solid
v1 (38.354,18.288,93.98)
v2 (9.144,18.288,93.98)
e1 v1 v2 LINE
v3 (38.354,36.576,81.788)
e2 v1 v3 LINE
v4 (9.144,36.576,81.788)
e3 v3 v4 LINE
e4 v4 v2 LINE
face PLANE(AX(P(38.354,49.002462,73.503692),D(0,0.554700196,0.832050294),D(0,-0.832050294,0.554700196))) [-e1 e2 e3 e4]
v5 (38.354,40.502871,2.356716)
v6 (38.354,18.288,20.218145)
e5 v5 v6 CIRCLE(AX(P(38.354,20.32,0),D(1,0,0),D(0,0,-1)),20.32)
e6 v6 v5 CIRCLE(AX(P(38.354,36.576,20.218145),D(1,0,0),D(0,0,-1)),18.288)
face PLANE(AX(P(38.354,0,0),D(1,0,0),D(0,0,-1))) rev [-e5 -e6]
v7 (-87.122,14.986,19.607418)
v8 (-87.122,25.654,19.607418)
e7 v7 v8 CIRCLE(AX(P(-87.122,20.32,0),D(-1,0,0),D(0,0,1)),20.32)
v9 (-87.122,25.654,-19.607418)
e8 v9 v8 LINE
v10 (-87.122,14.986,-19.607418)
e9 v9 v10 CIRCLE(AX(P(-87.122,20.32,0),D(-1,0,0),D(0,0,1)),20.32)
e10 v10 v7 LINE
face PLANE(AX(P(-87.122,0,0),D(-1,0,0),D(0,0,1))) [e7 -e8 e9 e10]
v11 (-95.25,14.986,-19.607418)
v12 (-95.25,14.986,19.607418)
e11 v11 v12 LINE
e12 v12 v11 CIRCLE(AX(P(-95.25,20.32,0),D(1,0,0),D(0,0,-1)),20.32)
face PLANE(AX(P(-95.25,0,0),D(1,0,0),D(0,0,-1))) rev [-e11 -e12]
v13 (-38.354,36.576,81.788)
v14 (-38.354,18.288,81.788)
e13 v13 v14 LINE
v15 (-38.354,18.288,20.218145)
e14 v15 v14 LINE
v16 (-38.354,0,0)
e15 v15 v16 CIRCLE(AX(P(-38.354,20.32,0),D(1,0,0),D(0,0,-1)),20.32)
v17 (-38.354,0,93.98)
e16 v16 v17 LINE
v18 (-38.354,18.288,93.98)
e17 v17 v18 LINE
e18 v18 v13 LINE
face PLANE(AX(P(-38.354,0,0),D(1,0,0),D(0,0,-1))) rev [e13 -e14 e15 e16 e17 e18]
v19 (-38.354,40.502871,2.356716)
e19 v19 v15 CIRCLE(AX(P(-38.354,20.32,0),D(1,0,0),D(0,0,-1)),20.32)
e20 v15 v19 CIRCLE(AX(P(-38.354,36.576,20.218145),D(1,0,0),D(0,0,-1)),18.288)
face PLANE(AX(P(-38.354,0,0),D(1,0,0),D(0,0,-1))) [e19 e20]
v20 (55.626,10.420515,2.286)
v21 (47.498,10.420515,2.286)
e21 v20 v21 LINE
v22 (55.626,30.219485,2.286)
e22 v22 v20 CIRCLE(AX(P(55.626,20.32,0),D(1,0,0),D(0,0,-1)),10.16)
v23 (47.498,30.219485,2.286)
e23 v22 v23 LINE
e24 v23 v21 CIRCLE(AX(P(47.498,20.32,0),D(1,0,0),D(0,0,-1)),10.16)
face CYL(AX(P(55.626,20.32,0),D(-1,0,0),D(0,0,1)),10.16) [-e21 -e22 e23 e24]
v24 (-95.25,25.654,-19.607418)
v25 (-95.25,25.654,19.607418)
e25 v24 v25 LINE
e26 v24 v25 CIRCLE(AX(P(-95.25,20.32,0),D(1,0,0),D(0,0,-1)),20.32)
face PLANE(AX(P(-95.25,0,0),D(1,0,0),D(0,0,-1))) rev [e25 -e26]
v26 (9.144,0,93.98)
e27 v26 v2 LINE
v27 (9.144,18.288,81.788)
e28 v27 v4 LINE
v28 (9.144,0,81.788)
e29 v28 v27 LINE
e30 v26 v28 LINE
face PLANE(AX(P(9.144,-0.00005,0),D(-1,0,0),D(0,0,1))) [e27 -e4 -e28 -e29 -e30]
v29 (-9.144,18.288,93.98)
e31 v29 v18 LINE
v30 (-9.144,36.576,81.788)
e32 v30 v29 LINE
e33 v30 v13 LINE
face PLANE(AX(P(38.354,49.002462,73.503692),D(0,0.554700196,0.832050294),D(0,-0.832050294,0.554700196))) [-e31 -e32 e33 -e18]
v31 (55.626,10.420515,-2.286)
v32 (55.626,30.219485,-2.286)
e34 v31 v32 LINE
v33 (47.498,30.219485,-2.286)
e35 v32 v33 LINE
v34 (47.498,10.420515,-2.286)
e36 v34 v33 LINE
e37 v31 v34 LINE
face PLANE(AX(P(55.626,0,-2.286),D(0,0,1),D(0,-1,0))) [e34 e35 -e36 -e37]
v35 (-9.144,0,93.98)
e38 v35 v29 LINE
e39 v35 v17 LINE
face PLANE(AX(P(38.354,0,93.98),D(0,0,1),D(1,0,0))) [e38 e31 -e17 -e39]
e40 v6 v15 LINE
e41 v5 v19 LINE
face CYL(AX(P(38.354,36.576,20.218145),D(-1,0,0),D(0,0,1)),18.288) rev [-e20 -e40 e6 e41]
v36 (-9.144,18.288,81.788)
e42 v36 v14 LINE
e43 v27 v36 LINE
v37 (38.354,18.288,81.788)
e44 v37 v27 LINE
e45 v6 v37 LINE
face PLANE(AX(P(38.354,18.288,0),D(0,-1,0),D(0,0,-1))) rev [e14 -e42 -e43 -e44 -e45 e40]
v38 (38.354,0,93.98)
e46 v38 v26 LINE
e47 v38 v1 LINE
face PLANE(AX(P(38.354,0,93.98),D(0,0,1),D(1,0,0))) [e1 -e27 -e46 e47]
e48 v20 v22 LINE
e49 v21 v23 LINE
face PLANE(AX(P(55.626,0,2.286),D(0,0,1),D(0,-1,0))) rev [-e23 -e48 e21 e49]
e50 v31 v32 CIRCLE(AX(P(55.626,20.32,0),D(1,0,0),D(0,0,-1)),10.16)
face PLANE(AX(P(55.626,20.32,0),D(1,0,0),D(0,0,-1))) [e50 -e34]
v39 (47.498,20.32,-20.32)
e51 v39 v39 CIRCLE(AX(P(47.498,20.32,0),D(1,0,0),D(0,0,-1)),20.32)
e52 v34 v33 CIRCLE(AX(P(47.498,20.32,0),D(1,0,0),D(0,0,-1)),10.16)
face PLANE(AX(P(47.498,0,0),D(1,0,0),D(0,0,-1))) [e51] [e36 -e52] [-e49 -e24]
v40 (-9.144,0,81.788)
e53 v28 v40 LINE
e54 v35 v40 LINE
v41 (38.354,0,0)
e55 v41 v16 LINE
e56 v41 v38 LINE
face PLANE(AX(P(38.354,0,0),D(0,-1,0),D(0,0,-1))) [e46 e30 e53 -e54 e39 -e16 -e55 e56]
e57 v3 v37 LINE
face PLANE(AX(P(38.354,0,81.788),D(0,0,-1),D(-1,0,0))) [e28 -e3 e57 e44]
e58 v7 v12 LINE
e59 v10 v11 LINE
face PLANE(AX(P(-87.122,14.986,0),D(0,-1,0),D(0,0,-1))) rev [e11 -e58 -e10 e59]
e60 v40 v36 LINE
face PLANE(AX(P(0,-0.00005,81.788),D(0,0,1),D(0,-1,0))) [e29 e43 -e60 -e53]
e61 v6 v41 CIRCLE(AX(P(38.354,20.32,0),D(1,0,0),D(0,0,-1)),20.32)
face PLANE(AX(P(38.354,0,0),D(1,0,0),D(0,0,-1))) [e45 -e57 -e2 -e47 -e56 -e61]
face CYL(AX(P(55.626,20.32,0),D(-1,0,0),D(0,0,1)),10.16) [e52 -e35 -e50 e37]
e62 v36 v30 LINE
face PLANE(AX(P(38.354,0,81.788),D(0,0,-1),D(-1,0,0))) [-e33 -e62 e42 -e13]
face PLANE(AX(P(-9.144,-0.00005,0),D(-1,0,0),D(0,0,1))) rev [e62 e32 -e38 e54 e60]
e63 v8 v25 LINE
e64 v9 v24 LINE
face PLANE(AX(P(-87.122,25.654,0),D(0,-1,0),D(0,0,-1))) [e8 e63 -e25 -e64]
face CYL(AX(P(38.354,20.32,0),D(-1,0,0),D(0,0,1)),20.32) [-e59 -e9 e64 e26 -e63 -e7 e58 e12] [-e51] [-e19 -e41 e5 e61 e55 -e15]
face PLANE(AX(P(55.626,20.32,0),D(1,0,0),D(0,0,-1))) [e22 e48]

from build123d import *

# Parameters (mm, degrees)
SKETCH2_W               = 81.788
SKETCH2_H               = 18.288
BOSS_EXTRUDE1_DEPTH     = 38.354
SKETCH3_R               = 20.32
BOSS_EXTRUDE2_DEPTH     = 9.144
BOSS_EXTRUDE3_START     = 9.144
BOSS_EXTRUDE3_DEPTH     = 8.128
BOSS_EXTRUDE4_START     = -76.708
SKETCH3_4_R             = 20.32
BOSS_EXTRUDE4_DEPTH     = 56.896
CUT_EXTRUDE1_DEPTH      = 8.128
SKETCH5_W               = 18.288
SKETCH5_H               = 12.192
CUT_EXTRUDE3_DEPTH      = 23.352
CUT_EXTRUDE3_DEPTH_BACK = 19.288


with BuildPart() as part:
    # Sketch2 → Boss-Extrude1 (new body, symmetric)
    with BuildSketch(Plane(origin=(0, 0, 0), x_dir=(0, 0, -1), z_dir=(1, 0, 0))):
        with Locations((-40.894, 9.144)):
            Rectangle(SKETCH2_W, SKETCH2_H)
        Polygon((-81.788, 36.576), (-81.788, 18.288), (-81.788, 0), (-93.98, 0), (-93.98, 18.288), align=None)
        with BuildLine():
            Line((0, 18.288), (0, 0))
            ThreePointArc((0, 0), (20.285688823, 21.500351201), (-2.356716256, 40.502871166))
            ThreePointArc((-2.356716256, 40.502871166), (-2.037100365, 38.550986103), (-1.930144722, 36.576))
            ThreePointArc((-1.930144722, 36.576), (-7.286575908, 23.644431186), (-20.218144722, 18.288))
            Line((-20.218144722, 18.288), (0, 18.288))
        make_face()
    extrude(amount=BOSS_EXTRUDE1_DEPTH, both=True)

    # Sketch3 → Boss-Extrude2 (add)
    with BuildSketch(Plane(origin=(38.354, 0, 0), x_dir=(0, 0, -1), z_dir=(1, 0, 0))):
        with Locations((0, 20.32)):
            Circle(SKETCH3_R)
    extrude(amount=BOSS_EXTRUDE2_DEPTH)

    # Sketch3<3> → Boss-Extrude3 (add)
    with BuildSketch(Plane(origin=(38.354, 0, 0), x_dir=(0, 0, -1), z_dir=(1, 0, 0)).offset(BOSS_EXTRUDE3_START)):
        with BuildLine():
            Line((-2.286, 10.420514963), (-2.286, 30.219485037))
            ThreePointArc((-2.286, 30.219485037), (-2.727219055, 30.107128089), (-3.162961291, 29.975116564))
            ThreePointArc((-3.162961291, 29.975116564), (-5.965678902, 25.116586312), (-10.109072361, 21.336))
            ThreePointArc((-10.109072361, 21.336), (-8.258111655, 14.401453566), (-2.286, 10.420514963))
        make_face()
        with BuildLine():
            ThreePointArc((10.16, 20.32), (7.951457728, 26.644548996), (2.286, 30.219485037))
            Line((2.286, 30.219485037), (2.286, 10.420514963))
            ThreePointArc((2.286, 10.420514963), (7.951457728, 13.995451004), (10.16, 20.32))
        make_face()
        with BuildLine():
            ThreePointArc((-10.109072361, 21.336), (-5.965678902, 25.116586312), (-3.162961291, 29.975116564))
            ThreePointArc((-3.162961291, 29.975116564), (-7.918036566, 26.686340938), (-10.109072361, 21.336))
        make_face()
    extrude(amount=BOSS_EXTRUDE3_DEPTH)

    # Sketch3<4> → Boss-Extrude4 (add)
    with BuildSketch(Plane(origin=(38.354, 0, 0), x_dir=(0, 0, -1), z_dir=(1, 0, 0)).offset(BOSS_EXTRUDE4_START)):
        with Locations((0, 20.32)):
            Circle(SKETCH3_4_R)
    extrude(amount=-BOSS_EXTRUDE4_DEPTH)

    # Sketch4 → Cut-Extrude1 (cut)
    with BuildSketch(Plane.ZY.offset(95.25)):
        with BuildLine():
            Line((19.607418086, 25.654), (-19.607418086, 25.654))
            ThreePointArc((-19.607418086, 25.654), (-20.32, 20.32), (-19.607418086, 14.986))
            Line((-19.607418086, 14.986), (19.607418086, 14.986))
            ThreePointArc((19.607418086, 14.986), (20.141066699, 17.629306363), (20.32, 20.32))
            ThreePointArc((20.32, 20.32), (20.141066699, 23.010693637), (19.607418086, 25.654))
        make_face()
    extrude(amount=-CUT_EXTRUDE1_DEPTH, mode=Mode.SUBTRACT)

    # Sketch5 → Cut-Extrude3 (cut, two sides)
    with BuildSketch(Plane(origin=(0, 18.288, 0), x_dir=(1, 0, 0), z_dir=(0, 1, 0))) as cut_extrude3_sk:
        with Locations((0, -87.884)):
            Rectangle(SKETCH5_W, SKETCH5_H)
    extrude(amount=CUT_EXTRUDE3_DEPTH, mode=Mode.SUBTRACT)
    extrude(cut_extrude3_sk.sketch, amount=-CUT_EXTRUDE3_DEPTH_BACK, mode=Mode.SUBTRACT)


solid = part.part
